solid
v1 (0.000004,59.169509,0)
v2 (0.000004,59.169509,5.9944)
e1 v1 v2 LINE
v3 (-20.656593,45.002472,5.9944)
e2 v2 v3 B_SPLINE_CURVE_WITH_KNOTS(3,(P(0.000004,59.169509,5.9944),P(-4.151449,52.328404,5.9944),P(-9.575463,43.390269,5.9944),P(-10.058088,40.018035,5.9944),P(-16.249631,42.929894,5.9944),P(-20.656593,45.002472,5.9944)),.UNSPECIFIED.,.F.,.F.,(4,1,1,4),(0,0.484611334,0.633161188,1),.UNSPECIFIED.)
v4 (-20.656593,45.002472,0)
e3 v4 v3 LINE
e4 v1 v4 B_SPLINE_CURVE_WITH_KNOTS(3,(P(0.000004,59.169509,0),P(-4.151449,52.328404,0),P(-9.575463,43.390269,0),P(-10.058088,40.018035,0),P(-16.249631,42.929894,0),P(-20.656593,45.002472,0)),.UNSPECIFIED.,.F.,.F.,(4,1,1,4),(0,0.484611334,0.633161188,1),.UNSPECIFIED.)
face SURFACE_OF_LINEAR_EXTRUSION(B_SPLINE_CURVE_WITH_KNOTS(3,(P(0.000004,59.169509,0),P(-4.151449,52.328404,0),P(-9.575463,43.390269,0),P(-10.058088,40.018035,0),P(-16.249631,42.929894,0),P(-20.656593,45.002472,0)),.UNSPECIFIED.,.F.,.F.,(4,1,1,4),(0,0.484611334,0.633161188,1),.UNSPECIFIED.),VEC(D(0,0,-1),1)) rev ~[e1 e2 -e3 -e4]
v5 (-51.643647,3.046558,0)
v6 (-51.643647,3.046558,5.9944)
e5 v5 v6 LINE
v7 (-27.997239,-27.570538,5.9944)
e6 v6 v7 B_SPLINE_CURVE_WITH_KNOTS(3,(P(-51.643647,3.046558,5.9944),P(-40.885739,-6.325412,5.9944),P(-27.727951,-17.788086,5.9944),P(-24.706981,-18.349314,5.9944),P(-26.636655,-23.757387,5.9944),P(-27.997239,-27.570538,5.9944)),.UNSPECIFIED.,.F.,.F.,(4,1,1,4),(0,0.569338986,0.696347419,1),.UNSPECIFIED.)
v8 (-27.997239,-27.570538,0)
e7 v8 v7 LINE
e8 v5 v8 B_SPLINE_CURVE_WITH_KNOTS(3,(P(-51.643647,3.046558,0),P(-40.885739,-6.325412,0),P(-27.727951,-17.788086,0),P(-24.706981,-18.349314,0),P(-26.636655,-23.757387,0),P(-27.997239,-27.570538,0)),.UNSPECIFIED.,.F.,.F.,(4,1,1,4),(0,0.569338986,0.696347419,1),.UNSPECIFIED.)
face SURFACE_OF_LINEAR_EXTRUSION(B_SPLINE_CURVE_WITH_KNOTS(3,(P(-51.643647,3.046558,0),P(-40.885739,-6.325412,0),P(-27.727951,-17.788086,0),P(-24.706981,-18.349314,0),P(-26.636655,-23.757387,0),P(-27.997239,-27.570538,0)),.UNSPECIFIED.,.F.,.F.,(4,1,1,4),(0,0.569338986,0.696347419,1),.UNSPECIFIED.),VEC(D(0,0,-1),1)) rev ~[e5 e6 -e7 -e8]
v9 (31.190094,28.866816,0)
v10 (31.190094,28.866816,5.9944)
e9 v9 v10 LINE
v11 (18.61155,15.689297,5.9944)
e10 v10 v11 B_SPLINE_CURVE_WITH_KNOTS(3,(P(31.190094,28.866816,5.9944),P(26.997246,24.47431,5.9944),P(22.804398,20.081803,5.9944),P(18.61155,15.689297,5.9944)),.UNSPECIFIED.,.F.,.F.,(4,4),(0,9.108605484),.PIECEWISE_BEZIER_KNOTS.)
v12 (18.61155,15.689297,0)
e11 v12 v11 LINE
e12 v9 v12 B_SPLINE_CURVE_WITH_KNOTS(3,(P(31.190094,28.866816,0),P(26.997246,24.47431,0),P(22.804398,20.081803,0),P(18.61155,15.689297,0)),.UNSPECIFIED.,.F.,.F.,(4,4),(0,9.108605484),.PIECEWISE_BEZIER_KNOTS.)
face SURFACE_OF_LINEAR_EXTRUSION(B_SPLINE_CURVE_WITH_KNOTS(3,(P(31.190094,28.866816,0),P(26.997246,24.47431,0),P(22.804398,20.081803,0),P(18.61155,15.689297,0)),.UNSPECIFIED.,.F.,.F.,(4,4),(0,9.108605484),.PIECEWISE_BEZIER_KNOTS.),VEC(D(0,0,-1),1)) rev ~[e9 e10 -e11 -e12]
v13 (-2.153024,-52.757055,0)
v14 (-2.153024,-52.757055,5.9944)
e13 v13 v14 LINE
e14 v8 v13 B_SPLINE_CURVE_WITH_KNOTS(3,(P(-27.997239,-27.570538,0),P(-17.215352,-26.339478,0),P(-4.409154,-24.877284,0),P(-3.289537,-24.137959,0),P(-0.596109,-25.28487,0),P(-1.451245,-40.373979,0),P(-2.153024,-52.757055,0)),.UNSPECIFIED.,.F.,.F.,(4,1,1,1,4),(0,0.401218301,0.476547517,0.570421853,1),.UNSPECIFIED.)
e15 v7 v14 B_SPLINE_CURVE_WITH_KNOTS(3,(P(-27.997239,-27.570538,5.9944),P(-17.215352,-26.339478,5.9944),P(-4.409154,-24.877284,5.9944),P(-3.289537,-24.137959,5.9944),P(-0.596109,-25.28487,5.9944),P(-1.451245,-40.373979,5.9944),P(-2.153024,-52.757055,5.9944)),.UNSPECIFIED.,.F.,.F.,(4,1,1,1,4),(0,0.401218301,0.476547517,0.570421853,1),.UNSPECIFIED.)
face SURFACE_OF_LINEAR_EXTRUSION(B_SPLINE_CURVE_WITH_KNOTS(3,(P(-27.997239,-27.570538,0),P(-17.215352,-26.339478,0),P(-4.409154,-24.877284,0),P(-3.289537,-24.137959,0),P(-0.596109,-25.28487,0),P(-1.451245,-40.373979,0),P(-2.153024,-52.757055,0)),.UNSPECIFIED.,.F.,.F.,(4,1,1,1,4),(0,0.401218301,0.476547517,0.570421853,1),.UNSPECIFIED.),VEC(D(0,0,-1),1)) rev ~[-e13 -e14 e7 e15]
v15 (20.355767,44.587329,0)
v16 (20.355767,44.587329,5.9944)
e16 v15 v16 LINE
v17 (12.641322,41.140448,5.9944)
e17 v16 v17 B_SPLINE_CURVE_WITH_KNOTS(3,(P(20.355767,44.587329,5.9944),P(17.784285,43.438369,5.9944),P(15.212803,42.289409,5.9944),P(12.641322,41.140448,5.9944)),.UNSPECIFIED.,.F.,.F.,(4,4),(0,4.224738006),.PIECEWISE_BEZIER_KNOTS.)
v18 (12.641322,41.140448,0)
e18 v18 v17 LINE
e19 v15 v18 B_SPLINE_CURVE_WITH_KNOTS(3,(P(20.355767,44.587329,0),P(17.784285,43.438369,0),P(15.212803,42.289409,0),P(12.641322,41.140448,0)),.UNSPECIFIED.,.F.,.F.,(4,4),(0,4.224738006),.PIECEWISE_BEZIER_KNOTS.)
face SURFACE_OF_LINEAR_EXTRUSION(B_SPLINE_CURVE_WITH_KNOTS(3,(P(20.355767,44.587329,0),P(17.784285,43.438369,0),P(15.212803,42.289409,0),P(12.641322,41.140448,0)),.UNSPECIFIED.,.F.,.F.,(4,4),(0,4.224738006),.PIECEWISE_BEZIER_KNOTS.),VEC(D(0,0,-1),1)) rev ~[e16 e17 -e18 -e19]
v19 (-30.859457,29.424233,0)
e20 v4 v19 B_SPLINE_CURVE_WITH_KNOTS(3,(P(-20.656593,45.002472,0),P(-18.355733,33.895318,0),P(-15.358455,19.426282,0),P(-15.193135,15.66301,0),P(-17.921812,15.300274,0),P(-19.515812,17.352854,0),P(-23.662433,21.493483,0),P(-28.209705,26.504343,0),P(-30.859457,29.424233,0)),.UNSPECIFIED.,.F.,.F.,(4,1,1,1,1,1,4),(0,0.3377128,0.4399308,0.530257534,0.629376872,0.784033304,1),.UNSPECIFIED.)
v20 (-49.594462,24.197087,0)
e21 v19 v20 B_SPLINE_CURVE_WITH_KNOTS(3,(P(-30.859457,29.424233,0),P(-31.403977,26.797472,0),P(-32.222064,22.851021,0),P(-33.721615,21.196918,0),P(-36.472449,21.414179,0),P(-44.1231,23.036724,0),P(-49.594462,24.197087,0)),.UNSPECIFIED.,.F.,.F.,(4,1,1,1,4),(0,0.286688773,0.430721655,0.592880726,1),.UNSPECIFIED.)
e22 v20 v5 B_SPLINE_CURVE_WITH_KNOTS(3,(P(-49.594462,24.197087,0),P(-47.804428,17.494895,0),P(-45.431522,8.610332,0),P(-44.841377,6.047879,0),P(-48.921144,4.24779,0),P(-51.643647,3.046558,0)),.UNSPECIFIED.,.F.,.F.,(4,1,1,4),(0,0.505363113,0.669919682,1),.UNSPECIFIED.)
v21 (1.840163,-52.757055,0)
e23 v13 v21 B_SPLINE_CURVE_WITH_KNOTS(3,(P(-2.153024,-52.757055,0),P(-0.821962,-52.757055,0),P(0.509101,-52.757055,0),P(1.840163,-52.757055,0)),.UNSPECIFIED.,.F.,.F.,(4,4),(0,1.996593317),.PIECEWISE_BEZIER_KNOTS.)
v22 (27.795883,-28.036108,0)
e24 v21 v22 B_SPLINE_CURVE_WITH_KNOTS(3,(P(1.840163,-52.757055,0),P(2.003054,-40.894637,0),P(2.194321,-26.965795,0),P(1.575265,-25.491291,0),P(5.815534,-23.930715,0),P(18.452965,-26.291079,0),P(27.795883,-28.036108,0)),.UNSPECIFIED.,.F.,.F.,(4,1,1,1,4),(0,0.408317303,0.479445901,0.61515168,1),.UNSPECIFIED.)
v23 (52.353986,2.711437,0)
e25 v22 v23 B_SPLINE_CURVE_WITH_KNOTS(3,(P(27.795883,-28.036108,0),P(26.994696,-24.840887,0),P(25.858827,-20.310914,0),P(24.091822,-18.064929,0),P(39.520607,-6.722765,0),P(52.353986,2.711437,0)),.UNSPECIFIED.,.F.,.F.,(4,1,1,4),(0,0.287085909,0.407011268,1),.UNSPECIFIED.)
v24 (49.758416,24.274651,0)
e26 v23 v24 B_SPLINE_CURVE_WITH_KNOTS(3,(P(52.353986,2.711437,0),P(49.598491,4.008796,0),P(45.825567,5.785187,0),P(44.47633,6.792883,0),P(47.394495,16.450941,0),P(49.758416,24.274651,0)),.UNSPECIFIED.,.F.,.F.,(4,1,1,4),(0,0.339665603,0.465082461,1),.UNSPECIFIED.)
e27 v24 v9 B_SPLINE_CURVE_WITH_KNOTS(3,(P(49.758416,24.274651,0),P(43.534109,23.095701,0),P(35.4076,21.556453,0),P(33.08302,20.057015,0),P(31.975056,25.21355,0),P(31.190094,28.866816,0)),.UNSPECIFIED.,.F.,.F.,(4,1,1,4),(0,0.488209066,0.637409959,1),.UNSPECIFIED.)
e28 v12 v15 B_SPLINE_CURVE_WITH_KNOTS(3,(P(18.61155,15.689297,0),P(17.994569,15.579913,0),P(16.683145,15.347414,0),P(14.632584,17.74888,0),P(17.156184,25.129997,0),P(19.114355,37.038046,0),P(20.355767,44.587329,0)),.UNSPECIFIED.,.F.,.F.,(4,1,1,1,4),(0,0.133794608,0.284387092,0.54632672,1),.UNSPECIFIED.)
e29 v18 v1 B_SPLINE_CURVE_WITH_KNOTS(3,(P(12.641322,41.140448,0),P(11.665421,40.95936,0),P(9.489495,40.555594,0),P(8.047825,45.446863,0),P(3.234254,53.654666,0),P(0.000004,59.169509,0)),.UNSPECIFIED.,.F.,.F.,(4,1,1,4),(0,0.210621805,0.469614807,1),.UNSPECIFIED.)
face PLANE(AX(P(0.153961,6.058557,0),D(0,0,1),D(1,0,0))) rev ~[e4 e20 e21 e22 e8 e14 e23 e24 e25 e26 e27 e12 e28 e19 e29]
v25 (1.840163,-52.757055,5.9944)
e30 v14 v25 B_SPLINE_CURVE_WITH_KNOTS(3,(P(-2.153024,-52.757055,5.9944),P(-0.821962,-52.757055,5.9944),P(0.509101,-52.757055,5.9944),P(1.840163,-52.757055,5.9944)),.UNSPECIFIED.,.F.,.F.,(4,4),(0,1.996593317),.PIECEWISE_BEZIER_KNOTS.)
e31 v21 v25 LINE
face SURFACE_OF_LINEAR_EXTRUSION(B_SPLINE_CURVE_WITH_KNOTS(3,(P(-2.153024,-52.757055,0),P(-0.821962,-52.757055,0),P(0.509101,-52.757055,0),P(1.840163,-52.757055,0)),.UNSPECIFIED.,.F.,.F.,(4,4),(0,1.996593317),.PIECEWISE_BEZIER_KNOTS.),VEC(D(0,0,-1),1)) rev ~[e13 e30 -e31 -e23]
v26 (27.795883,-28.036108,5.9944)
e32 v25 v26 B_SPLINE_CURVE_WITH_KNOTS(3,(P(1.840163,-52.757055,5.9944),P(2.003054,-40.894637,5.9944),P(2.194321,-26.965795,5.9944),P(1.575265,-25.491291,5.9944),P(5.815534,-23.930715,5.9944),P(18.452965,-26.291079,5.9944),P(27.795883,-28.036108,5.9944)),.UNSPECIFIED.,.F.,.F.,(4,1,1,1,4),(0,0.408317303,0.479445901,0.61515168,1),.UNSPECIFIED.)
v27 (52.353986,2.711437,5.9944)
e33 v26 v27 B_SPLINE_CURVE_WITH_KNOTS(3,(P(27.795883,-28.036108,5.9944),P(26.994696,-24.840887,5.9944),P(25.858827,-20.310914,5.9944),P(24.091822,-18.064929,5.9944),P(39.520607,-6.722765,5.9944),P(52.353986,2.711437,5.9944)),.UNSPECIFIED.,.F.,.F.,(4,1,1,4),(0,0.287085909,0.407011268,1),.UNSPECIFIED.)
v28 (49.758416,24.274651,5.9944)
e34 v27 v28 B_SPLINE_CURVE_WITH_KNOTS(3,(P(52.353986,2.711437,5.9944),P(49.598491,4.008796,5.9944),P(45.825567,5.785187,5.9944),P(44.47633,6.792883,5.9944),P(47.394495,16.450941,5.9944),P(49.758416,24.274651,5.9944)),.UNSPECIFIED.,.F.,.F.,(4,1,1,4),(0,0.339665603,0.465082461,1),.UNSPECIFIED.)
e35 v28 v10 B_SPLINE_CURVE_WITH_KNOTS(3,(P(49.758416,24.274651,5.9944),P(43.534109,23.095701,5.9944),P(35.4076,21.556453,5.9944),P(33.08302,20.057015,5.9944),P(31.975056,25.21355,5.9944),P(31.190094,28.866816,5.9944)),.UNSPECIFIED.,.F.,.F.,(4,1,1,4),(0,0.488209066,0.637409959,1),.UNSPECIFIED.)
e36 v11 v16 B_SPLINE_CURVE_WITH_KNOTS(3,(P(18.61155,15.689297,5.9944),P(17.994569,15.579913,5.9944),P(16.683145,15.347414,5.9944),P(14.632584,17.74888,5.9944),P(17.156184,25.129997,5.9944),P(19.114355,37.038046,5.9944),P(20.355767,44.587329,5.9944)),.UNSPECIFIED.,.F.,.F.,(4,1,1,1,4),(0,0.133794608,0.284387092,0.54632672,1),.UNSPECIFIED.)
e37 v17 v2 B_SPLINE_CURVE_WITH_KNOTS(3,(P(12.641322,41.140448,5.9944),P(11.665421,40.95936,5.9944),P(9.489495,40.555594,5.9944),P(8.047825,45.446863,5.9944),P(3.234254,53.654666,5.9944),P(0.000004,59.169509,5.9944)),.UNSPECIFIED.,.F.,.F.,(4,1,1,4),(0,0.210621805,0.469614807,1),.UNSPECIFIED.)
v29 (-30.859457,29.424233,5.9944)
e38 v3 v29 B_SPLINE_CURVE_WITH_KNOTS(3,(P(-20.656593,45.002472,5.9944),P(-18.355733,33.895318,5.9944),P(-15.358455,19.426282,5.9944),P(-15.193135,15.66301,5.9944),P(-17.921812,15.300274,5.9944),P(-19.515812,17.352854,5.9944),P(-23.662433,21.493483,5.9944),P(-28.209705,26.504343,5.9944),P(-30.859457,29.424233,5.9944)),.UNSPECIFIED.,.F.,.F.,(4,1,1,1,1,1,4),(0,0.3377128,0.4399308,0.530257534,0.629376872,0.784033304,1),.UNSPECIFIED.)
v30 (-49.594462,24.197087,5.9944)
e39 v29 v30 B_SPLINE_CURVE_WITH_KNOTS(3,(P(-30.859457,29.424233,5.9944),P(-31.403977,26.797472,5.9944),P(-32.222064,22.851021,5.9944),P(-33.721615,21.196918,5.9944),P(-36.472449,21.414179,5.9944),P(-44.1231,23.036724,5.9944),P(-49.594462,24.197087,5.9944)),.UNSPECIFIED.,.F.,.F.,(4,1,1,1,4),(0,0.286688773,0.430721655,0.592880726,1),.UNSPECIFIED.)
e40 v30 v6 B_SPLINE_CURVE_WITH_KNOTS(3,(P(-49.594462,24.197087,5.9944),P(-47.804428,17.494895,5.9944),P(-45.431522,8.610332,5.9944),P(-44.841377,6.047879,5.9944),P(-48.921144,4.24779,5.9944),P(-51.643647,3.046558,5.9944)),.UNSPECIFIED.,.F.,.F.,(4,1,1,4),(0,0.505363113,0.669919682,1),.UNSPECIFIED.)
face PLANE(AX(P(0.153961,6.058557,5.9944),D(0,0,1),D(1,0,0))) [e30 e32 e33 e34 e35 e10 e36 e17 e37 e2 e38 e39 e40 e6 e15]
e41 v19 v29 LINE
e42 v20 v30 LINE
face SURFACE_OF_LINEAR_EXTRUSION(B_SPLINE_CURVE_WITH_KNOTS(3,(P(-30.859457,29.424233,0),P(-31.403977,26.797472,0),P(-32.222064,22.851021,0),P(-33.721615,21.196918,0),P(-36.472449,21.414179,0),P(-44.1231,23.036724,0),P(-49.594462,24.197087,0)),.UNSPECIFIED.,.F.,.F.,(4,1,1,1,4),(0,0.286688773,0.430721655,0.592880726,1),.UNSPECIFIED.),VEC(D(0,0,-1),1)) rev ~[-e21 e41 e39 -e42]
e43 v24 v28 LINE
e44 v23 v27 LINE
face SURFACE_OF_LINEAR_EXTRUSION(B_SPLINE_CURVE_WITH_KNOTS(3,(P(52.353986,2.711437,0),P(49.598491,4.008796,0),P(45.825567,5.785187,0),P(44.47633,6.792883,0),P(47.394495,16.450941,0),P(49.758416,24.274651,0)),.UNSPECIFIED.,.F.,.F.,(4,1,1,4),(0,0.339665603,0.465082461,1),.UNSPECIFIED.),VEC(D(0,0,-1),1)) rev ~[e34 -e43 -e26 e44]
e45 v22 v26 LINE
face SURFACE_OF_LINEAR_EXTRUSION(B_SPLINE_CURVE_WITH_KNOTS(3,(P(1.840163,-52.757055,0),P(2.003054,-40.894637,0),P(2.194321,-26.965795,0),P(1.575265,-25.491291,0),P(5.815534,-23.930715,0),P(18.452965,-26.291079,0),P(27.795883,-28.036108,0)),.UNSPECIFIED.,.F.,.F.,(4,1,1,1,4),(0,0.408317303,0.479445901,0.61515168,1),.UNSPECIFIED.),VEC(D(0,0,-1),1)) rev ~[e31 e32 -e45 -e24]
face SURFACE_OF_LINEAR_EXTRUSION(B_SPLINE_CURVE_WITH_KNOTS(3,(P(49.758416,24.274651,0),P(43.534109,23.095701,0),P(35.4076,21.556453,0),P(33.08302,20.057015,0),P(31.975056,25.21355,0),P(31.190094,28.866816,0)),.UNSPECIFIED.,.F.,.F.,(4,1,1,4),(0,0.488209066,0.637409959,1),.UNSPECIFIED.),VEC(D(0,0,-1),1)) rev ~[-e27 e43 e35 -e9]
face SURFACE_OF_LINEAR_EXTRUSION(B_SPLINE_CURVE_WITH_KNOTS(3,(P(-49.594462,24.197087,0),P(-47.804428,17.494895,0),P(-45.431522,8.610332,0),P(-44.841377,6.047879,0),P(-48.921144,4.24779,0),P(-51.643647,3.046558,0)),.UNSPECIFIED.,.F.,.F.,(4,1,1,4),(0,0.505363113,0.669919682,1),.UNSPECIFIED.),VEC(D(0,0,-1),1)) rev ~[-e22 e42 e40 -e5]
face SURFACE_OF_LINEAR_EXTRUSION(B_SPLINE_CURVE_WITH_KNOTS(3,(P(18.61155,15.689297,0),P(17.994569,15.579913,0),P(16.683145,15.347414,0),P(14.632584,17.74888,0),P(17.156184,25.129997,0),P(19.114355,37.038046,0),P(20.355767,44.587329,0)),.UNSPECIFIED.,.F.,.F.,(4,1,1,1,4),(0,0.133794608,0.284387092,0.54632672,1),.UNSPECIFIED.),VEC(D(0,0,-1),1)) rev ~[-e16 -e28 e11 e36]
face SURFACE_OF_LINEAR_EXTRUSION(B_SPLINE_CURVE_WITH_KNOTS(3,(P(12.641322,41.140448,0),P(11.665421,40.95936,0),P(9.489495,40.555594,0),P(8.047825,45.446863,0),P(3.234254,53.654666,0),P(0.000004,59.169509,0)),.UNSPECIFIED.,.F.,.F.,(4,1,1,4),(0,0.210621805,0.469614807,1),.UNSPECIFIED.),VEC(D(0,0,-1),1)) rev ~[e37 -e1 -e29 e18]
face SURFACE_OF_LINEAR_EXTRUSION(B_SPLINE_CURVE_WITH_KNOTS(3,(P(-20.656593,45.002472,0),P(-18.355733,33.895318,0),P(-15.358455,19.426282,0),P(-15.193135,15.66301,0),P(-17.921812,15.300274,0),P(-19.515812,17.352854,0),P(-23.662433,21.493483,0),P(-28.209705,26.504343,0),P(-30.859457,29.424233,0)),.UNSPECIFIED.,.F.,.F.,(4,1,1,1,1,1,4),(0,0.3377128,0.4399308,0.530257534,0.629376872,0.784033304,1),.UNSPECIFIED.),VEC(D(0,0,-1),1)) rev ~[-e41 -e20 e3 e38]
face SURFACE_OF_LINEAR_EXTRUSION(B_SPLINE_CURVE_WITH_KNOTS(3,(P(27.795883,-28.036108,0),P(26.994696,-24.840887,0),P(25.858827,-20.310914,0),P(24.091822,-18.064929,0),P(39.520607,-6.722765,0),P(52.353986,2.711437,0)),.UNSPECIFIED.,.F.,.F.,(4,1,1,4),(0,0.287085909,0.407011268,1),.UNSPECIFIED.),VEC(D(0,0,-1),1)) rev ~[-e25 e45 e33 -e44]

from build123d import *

# Parameters (mm, degrees)
F1_DEPTH = 2.9972
F2_SCALE = 2


with BuildPart() as f1:
    # F0 (on Top) → F1 (new body)
    with BuildSketch(Plane.XY):
        with BuildLine():
            add(Edge.make_bspline(
                [(1.8626e-06, 29.5847542584), (-2.0757245538, 26.1642020619), (-4.7877317058, 21.6951342953), (-5.0290437881, 20.0090175634), (-8.1248154468, 21.4649471039), (-10.328296572, 22.5012358278)],
                knots=[0, 0, 0, 0, 0.484611334, 0.633161188, 1, 1, 1, 1], degree=3))
            add(Edge.make_bspline(
                [(-10.328296572, 22.5012358278), (-9.1778666198, 16.9476591934), (-7.6792276315, 9.7131409572), (-7.596567515, 7.8315049862), (-8.9609061532, 7.650136782), (-9.757905792, 8.6764269491), (-11.831216715, 10.7467415664), (-14.1048527383, 13.2521715422), (-15.4297286645, 14.712116681)],
                knots=[0, 0, 0, 0, 0.3377128003, 0.4399308001, 0.530257534, 0.6293768723, 0.7840333041, 1, 1, 1, 1], degree=3))
            add(Edge.make_bspline(
                [(-15.4297286645, 14.712116681), (-15.7019884236, 13.3987359492), (-16.1110319061, 11.42551071), (-16.860807344, 10.5984587671), (-18.2362244184, 10.7070895058), (-22.0615501586, 11.5183620077), (-24.7972309589, 12.0985433459)],
                knots=[0, 0, 0, 0, 0.2866887731, 0.4307216554, 0.5928807262, 1, 1, 1, 1], degree=3))
            add(Edge.make_bspline(
                [(-24.7972309589, 12.0985433459), (-23.902213957, 8.7474473723), (-22.7157611071, 4.3051659854), (-22.4206886908, 3.0239393122), (-24.4605719231, 2.1238949638), (-25.8218236268, 1.52327877)],
                knots=[0, 0, 0, 0, 0.505363113, 0.6699196824, 1, 1, 1, 1], degree=3))
            add(Edge.make_bspline(
                [(-25.8218236268, 1.52327877), (-20.4428695743, -3.1627061709), (-13.8639756954, -8.8940430338), (-12.3534902749, -9.1746569156), (-13.3183272743, -11.8786936329), (-13.9986192808, -13.7852691114)],
                knots=[0, 0, 0, 0, 0.5693389861, 0.6963474189, 1, 1, 1, 1], degree=3))
            add(Edge.make_bspline(
                [(-13.9986192808, -13.7852691114), (-8.6076761786, -13.1697388181), (-2.2045770639, -12.4386419764), (-1.6447685876, -12.0689795714), (-0.2980547426, -12.6424348407), (-0.7256226833, -20.1869895207), (-1.0765119223, -26.3785272837)],
                knots=[0, 0, 0, 0, 0.4012183012, 0.4765475169, 0.5704218535, 1, 1, 1, 1], degree=3))
            add(Edge.make_bspline(
                [(-1.0765119223, -26.3785272837), (-0.4109808166, -26.3785272837), (0.2545502891, -26.3785272837), (0.9200813947, -26.3785272837)],
                knots=[0, 0, 0, 0, 1.996593317, 1.996593317, 1.996593317, 1.996593317], degree=3))
            add(Edge.make_bspline(
                [(0.9200813947, -26.3785272837), (1.0015269498, -20.4473186418), (1.0971602655, -13.4828974618), (0.7876323235, -12.7456455053), (2.907767063, -11.9653574753), (9.2264825904, -13.1455394915), (13.8979414478, -14.0180541202)],
                knots=[0, 0, 0, 0, 0.4083173028, 0.4794459011, 0.6151516799, 1, 1, 1, 1], degree=3))
            add(Edge.make_bspline(
                [(13.8979414478, -14.0180541202), (13.4973481264, -12.4204432582), (12.929413615, -10.1554570593), (12.0459108132, -9.0324645661), (19.7603037154, -3.361382511), (26.1769928038, 1.355718472)],
                knots=[0, 0, 0, 0, 0.2870859093, 0.4070112678, 1, 1, 1, 1], degree=3))
            add(Edge.make_bspline(
                [(26.1769928038, 1.355718472), (24.7992453695, 2.0043980696), (22.9127836217, 2.8925936975), (22.2381650565, 3.3964414785), (23.6972477301, 8.2254705669), (24.8792078346, 12.1373254806)],
                knots=[0, 0, 0, 0, 0.3396656034, 0.4650824614, 1, 1, 1, 1], degree=3))
            add(Edge.make_bspline(
                [(24.8792078346, 12.1373254806), (21.7670543406, 11.5478502972), (17.7037999482, 10.7782264233), (16.5415099946, 10.0285074778), (15.987528041, 12.6067751859), (15.5950468034, 14.433408156)],
                knots=[0, 0, 0, 0, 0.4882090656, 0.6374099588, 1, 1, 1, 1], degree=3))
            add(Edge.make_bspline(
                [(15.5950468034, 14.433408156), (13.4986229241, 12.2371548787), (11.4021990448, 10.0409016013), (9.3057751656, 7.844648324)],
                knots=[0, 0, 0, 0, 9.1086054838, 9.1086054838, 9.1086054838, 9.1086054838], degree=3))
            add(Edge.make_bspline(
                [(9.3057751656, 7.844648324), (8.997284628, 7.7899566738), (8.3415726505, 7.6737068519), (7.3162920318, 8.8744401557), (8.578092077, 12.5649983396), (9.5571776717, 18.5190232492), (10.1778833196, 22.293664515)],
                knots=[0, 0, 0, 0, 0.1337946081, 0.2843870925, 0.5463267198, 1, 1, 1, 1], degree=3))
            add(Edge.make_bspline(
                [(10.1778833196, 22.293664515), (8.8921425243, 21.7191843937), (7.6064017291, 21.1447042723), (6.3206609339, 20.570224151)],
                knots=[0, 0, 0, 0, 4.2247380062, 4.2247380062, 4.2247380062, 4.2247380062], degree=3))
            add(Edge.make_bspline(
                [(6.3206609339, 20.570224151), (5.8327104987, 20.4796799372), (4.7447474126, 20.2777972146), (4.0239125331, 22.7234317156), (1.6171270669, 26.8273328027), (1.8626e-06, 29.5847542584)],
                knots=[0, 0, 0, 0, 0.2106218054, 0.4696148069, 1, 1, 1, 1], degree=3))
        make_face()
    extrude(amount=F1_DEPTH)


with BuildPart() as f1_1:
    # F2: moved
    add(f1.part.scale(F2_SCALE))


solid = f1_1.part
